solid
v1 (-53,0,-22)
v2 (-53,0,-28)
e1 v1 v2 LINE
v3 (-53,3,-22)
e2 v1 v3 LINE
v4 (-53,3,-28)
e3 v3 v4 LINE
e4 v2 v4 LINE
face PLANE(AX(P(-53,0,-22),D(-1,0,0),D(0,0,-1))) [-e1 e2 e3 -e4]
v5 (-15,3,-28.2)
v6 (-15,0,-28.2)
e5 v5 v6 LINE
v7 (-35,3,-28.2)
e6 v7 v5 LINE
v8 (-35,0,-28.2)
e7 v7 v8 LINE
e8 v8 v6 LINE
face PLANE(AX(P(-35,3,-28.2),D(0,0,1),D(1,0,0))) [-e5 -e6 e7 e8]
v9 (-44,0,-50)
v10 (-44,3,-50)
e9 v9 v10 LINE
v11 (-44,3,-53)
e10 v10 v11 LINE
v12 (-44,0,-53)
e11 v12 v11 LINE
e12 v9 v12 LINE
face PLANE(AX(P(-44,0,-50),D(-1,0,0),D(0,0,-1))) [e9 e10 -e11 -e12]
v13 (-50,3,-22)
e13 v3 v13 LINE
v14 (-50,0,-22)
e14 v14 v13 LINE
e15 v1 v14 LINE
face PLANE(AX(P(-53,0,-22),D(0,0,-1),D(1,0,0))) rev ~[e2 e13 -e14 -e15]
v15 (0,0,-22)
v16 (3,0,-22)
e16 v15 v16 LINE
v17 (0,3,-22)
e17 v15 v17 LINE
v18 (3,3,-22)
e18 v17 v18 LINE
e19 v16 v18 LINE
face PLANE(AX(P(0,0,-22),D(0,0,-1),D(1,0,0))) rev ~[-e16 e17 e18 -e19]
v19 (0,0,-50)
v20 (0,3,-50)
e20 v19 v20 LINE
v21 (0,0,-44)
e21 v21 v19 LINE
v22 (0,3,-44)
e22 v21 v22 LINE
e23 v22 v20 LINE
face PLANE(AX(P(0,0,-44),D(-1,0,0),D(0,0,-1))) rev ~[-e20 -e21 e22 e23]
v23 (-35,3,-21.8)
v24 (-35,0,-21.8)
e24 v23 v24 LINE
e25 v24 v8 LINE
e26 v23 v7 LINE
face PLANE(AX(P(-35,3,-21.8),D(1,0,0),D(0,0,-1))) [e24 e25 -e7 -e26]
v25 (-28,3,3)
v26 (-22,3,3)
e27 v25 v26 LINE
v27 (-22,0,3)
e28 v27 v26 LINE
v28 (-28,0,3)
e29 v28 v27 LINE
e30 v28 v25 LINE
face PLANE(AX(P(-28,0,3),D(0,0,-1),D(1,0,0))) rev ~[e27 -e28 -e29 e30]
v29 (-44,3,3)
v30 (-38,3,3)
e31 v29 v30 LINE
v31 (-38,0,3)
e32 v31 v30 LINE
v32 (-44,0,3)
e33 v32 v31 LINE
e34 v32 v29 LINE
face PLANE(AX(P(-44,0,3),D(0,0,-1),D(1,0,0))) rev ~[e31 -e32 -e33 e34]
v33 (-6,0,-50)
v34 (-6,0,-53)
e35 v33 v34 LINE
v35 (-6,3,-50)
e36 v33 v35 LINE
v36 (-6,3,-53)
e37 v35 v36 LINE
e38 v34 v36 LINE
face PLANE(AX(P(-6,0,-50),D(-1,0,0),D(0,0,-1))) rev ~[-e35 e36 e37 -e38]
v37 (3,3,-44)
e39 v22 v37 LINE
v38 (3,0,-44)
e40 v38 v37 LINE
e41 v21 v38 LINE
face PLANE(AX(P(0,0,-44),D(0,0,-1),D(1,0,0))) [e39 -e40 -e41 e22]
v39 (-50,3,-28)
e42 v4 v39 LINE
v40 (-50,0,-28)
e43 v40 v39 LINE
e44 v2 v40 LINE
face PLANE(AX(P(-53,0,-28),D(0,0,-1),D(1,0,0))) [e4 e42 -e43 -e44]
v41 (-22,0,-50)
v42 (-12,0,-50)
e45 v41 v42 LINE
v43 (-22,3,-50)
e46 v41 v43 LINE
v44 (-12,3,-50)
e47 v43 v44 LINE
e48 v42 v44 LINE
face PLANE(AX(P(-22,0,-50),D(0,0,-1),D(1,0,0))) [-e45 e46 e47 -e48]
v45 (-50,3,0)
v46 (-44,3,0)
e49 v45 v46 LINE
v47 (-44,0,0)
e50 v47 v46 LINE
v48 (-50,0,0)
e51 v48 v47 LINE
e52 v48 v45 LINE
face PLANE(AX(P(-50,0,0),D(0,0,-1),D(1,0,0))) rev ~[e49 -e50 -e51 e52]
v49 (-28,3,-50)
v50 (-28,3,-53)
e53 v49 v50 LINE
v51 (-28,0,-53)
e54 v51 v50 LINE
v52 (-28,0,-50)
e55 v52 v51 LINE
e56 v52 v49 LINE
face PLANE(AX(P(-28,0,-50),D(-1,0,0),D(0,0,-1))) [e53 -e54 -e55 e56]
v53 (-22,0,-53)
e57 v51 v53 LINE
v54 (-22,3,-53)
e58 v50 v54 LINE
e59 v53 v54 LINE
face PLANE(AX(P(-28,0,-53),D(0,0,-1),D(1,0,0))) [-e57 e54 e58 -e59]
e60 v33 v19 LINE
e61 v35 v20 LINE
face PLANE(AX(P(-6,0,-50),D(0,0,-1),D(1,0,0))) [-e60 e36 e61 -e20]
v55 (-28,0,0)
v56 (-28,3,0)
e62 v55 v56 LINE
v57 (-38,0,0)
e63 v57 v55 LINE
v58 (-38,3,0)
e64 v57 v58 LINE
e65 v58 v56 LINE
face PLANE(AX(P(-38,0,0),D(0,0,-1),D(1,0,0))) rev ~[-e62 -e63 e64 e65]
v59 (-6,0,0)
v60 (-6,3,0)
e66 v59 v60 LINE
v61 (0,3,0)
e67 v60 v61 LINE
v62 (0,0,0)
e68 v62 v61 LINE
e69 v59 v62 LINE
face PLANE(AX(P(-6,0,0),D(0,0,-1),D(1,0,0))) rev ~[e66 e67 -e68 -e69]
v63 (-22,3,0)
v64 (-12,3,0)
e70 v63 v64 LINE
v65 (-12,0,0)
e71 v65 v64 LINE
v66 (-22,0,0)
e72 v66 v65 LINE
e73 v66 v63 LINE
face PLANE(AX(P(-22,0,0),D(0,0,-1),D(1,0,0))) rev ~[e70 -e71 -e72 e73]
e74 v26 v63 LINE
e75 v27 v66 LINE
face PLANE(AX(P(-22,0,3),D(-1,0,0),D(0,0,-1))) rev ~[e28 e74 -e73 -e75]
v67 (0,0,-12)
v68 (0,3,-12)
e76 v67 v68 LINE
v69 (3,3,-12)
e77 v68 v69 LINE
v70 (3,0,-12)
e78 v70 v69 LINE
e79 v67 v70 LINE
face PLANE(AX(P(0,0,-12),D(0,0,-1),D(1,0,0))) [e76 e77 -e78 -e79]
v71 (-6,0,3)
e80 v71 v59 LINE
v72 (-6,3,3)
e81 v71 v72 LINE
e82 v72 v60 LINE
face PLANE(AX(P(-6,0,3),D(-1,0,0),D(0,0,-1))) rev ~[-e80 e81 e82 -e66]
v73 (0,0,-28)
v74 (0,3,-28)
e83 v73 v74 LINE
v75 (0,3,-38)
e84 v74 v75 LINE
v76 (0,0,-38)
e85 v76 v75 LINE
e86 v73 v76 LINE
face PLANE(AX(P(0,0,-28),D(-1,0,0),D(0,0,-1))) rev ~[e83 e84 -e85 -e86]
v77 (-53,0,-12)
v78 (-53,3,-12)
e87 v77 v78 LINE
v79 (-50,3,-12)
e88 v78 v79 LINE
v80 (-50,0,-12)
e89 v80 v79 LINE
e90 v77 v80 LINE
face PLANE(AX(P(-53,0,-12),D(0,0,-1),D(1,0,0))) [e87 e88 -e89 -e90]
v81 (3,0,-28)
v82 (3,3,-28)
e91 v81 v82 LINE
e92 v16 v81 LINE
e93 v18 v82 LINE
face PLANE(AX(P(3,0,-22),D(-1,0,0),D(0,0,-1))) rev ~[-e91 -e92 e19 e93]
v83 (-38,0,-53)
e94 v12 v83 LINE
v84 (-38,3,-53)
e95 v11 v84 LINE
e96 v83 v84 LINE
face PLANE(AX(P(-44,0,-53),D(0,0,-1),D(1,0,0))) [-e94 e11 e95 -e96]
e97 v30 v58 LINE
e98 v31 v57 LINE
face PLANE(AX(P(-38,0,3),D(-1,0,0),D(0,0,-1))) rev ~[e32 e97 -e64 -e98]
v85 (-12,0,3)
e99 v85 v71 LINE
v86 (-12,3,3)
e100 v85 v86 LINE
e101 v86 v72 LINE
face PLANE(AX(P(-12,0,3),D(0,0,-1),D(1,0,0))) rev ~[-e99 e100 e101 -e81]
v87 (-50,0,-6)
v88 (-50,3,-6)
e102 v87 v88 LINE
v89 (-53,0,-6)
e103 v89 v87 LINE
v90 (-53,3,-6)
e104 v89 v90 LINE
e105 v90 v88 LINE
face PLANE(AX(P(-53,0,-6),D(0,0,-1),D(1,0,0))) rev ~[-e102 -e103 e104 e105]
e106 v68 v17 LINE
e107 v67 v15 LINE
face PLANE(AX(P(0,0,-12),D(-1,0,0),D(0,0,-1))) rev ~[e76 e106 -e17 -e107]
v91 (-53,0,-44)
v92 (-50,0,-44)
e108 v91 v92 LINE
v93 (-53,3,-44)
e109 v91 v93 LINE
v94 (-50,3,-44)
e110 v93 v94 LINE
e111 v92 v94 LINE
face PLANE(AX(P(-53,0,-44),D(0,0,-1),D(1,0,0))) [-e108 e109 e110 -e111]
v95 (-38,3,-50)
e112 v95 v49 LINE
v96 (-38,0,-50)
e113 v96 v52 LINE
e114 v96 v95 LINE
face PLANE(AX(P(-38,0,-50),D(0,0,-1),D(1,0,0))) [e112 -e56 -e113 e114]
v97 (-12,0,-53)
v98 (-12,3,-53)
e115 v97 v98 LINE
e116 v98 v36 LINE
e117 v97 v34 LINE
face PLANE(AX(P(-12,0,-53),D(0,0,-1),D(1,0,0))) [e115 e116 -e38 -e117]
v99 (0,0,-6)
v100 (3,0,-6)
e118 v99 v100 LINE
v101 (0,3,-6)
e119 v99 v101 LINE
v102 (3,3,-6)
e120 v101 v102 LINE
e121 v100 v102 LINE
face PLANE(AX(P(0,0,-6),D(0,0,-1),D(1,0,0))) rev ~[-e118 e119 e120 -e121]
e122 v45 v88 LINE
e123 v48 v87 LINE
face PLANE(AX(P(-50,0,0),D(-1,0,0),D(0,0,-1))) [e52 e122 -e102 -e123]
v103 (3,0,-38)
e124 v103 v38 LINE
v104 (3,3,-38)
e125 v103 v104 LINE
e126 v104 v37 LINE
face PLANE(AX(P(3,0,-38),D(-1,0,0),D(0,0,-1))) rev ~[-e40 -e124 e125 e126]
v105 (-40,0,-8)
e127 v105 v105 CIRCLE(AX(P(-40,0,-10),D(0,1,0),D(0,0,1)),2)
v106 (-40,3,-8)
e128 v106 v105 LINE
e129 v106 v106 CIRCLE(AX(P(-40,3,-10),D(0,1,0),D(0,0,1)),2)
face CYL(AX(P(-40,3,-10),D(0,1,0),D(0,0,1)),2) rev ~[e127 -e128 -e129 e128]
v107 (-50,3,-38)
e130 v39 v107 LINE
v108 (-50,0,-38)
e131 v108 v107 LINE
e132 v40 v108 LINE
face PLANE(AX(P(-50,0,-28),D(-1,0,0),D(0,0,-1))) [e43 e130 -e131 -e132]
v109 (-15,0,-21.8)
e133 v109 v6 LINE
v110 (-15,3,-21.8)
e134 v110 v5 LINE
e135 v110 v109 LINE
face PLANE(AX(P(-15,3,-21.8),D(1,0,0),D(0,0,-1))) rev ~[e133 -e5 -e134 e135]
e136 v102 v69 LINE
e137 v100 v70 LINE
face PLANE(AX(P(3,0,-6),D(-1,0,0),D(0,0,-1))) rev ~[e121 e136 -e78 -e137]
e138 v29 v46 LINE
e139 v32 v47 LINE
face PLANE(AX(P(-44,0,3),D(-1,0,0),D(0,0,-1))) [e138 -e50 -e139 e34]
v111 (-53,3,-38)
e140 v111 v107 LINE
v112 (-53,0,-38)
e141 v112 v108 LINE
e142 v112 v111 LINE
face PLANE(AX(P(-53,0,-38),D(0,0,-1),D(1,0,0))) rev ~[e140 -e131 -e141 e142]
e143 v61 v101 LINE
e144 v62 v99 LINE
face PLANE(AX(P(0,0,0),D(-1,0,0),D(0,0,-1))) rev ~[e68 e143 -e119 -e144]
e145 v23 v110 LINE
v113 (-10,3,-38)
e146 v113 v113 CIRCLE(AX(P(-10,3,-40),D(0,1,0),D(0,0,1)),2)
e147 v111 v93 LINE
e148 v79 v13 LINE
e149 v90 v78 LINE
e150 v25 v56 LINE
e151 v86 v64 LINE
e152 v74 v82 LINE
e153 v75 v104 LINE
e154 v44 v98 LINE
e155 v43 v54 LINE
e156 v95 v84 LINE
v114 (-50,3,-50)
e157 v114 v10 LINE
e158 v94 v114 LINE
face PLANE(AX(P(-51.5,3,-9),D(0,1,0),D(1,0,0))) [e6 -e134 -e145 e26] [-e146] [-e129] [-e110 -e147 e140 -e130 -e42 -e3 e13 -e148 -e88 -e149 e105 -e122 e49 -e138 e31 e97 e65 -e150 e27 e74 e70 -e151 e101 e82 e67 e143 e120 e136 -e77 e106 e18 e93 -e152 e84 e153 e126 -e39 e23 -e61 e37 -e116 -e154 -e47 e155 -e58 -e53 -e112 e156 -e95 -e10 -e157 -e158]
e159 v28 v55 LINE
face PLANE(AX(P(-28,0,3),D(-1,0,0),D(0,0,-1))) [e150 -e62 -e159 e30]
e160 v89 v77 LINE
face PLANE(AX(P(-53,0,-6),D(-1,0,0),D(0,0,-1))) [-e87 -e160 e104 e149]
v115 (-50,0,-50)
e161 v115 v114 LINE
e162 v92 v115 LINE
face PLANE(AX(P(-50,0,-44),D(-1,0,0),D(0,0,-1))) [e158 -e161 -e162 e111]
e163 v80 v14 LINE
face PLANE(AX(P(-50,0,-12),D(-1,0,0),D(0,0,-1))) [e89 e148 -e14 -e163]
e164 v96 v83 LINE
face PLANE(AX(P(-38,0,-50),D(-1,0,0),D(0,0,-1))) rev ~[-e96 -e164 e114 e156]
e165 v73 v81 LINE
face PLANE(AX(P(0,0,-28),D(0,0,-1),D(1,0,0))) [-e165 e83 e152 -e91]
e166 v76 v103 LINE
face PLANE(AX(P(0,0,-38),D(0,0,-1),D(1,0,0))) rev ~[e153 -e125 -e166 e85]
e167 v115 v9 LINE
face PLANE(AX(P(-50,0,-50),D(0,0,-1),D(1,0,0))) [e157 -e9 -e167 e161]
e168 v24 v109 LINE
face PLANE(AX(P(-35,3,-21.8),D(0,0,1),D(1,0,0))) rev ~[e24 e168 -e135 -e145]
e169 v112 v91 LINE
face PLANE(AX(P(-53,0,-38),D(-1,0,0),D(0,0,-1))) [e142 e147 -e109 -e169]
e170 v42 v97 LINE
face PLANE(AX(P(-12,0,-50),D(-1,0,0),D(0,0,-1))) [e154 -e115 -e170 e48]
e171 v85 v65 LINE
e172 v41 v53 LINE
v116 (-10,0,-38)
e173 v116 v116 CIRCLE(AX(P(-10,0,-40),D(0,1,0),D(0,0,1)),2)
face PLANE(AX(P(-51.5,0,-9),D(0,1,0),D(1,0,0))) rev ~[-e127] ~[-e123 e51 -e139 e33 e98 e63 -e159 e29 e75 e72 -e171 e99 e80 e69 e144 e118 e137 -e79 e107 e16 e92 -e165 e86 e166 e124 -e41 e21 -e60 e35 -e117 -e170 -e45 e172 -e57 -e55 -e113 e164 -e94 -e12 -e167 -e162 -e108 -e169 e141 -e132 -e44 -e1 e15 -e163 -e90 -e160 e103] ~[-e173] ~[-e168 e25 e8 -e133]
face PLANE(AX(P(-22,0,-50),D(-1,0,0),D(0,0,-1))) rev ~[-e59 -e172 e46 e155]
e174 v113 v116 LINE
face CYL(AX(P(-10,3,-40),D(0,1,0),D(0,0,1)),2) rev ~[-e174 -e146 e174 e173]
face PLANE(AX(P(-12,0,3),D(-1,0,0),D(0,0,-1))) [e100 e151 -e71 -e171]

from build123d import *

# Parameters (mm, degrees)
SKETCH1_W           = 3
SKETCH1_H           = 6
SKETCH1_W_2         = 6
SKETCH1_H_2         = 3
SKETCH1_W_3         = 50
SKETCH1_H_3         = 50
BOSS_EXTRUDE1_DEPTH = 3
SKETCH2_R           = 2
SKETCH2_W           = 20
SKETCH2_H           = 6.4
CUT_EXTRUDE1_DEPTH  = 76.013332148


with BuildPart() as part:
    # Sketch1 → Boss-Extrude1 (new body)
    with BuildSketch(Plane(origin=(0, 0, 0), x_dir=(1, 0, 0), z_dir=(0, 1, 0))):
        with Locations((-51.5, 9)):
            Rectangle(SKETCH1_W, SKETCH1_H)
        with Locations((-51.5, 25)):
            Rectangle(SKETCH1_W, SKETCH1_H)
        with Locations((-51.5, 41)):
            Rectangle(SKETCH1_W, SKETCH1_H)
        with Locations((-41, 51.5)):
            Rectangle(SKETCH1_W_2, SKETCH1_H_2)
        with Locations((-25, 25)):
            Rectangle(SKETCH1_W_3, SKETCH1_H_3)
        with Locations((-25, 51.5)):
            Rectangle(SKETCH1_W_2, SKETCH1_H_2)
        with Locations((-9, 51.5)):
            Rectangle(SKETCH1_W_2, SKETCH1_H_2)
        with Locations((1.5, 41)):
            Rectangle(SKETCH1_W, SKETCH1_H)
        with Locations((1.5, 25)):
            Rectangle(SKETCH1_W, SKETCH1_H)
        with Locations((1.5, 9)):
            Rectangle(SKETCH1_W, SKETCH1_H)
        with Locations((-9, -1.5)):
            Rectangle(SKETCH1_W_2, SKETCH1_H_2)
        with Locations((-25, -1.5)):
            Rectangle(SKETCH1_W_2, SKETCH1_H_2)
        with Locations((-41, -1.5)):
            Rectangle(SKETCH1_W_2, SKETCH1_H_2)
    extrude(amount=BOSS_EXTRUDE1_DEPTH)

    # Sketch2 → Cut-Extrude1 (cut, through all)
    with BuildSketch(Plane(origin=(0, 3, 0), x_dir=(1, 0, 0), z_dir=(0, 1, 0))):
        with Locations(Location((-40, 10, 0), (0, 0, 270))):
            Circle(SKETCH2_R)
        with Locations(Location((-10, 40, 0), (0, 0, 270))):
            Circle(SKETCH2_R)
        with Locations((-25, 25)):
            Rectangle(SKETCH2_W, SKETCH2_H)
    extrude(amount=-CUT_EXTRUDE1_DEPTH, mode=Mode.SUBTRACT)


solid = part.part
